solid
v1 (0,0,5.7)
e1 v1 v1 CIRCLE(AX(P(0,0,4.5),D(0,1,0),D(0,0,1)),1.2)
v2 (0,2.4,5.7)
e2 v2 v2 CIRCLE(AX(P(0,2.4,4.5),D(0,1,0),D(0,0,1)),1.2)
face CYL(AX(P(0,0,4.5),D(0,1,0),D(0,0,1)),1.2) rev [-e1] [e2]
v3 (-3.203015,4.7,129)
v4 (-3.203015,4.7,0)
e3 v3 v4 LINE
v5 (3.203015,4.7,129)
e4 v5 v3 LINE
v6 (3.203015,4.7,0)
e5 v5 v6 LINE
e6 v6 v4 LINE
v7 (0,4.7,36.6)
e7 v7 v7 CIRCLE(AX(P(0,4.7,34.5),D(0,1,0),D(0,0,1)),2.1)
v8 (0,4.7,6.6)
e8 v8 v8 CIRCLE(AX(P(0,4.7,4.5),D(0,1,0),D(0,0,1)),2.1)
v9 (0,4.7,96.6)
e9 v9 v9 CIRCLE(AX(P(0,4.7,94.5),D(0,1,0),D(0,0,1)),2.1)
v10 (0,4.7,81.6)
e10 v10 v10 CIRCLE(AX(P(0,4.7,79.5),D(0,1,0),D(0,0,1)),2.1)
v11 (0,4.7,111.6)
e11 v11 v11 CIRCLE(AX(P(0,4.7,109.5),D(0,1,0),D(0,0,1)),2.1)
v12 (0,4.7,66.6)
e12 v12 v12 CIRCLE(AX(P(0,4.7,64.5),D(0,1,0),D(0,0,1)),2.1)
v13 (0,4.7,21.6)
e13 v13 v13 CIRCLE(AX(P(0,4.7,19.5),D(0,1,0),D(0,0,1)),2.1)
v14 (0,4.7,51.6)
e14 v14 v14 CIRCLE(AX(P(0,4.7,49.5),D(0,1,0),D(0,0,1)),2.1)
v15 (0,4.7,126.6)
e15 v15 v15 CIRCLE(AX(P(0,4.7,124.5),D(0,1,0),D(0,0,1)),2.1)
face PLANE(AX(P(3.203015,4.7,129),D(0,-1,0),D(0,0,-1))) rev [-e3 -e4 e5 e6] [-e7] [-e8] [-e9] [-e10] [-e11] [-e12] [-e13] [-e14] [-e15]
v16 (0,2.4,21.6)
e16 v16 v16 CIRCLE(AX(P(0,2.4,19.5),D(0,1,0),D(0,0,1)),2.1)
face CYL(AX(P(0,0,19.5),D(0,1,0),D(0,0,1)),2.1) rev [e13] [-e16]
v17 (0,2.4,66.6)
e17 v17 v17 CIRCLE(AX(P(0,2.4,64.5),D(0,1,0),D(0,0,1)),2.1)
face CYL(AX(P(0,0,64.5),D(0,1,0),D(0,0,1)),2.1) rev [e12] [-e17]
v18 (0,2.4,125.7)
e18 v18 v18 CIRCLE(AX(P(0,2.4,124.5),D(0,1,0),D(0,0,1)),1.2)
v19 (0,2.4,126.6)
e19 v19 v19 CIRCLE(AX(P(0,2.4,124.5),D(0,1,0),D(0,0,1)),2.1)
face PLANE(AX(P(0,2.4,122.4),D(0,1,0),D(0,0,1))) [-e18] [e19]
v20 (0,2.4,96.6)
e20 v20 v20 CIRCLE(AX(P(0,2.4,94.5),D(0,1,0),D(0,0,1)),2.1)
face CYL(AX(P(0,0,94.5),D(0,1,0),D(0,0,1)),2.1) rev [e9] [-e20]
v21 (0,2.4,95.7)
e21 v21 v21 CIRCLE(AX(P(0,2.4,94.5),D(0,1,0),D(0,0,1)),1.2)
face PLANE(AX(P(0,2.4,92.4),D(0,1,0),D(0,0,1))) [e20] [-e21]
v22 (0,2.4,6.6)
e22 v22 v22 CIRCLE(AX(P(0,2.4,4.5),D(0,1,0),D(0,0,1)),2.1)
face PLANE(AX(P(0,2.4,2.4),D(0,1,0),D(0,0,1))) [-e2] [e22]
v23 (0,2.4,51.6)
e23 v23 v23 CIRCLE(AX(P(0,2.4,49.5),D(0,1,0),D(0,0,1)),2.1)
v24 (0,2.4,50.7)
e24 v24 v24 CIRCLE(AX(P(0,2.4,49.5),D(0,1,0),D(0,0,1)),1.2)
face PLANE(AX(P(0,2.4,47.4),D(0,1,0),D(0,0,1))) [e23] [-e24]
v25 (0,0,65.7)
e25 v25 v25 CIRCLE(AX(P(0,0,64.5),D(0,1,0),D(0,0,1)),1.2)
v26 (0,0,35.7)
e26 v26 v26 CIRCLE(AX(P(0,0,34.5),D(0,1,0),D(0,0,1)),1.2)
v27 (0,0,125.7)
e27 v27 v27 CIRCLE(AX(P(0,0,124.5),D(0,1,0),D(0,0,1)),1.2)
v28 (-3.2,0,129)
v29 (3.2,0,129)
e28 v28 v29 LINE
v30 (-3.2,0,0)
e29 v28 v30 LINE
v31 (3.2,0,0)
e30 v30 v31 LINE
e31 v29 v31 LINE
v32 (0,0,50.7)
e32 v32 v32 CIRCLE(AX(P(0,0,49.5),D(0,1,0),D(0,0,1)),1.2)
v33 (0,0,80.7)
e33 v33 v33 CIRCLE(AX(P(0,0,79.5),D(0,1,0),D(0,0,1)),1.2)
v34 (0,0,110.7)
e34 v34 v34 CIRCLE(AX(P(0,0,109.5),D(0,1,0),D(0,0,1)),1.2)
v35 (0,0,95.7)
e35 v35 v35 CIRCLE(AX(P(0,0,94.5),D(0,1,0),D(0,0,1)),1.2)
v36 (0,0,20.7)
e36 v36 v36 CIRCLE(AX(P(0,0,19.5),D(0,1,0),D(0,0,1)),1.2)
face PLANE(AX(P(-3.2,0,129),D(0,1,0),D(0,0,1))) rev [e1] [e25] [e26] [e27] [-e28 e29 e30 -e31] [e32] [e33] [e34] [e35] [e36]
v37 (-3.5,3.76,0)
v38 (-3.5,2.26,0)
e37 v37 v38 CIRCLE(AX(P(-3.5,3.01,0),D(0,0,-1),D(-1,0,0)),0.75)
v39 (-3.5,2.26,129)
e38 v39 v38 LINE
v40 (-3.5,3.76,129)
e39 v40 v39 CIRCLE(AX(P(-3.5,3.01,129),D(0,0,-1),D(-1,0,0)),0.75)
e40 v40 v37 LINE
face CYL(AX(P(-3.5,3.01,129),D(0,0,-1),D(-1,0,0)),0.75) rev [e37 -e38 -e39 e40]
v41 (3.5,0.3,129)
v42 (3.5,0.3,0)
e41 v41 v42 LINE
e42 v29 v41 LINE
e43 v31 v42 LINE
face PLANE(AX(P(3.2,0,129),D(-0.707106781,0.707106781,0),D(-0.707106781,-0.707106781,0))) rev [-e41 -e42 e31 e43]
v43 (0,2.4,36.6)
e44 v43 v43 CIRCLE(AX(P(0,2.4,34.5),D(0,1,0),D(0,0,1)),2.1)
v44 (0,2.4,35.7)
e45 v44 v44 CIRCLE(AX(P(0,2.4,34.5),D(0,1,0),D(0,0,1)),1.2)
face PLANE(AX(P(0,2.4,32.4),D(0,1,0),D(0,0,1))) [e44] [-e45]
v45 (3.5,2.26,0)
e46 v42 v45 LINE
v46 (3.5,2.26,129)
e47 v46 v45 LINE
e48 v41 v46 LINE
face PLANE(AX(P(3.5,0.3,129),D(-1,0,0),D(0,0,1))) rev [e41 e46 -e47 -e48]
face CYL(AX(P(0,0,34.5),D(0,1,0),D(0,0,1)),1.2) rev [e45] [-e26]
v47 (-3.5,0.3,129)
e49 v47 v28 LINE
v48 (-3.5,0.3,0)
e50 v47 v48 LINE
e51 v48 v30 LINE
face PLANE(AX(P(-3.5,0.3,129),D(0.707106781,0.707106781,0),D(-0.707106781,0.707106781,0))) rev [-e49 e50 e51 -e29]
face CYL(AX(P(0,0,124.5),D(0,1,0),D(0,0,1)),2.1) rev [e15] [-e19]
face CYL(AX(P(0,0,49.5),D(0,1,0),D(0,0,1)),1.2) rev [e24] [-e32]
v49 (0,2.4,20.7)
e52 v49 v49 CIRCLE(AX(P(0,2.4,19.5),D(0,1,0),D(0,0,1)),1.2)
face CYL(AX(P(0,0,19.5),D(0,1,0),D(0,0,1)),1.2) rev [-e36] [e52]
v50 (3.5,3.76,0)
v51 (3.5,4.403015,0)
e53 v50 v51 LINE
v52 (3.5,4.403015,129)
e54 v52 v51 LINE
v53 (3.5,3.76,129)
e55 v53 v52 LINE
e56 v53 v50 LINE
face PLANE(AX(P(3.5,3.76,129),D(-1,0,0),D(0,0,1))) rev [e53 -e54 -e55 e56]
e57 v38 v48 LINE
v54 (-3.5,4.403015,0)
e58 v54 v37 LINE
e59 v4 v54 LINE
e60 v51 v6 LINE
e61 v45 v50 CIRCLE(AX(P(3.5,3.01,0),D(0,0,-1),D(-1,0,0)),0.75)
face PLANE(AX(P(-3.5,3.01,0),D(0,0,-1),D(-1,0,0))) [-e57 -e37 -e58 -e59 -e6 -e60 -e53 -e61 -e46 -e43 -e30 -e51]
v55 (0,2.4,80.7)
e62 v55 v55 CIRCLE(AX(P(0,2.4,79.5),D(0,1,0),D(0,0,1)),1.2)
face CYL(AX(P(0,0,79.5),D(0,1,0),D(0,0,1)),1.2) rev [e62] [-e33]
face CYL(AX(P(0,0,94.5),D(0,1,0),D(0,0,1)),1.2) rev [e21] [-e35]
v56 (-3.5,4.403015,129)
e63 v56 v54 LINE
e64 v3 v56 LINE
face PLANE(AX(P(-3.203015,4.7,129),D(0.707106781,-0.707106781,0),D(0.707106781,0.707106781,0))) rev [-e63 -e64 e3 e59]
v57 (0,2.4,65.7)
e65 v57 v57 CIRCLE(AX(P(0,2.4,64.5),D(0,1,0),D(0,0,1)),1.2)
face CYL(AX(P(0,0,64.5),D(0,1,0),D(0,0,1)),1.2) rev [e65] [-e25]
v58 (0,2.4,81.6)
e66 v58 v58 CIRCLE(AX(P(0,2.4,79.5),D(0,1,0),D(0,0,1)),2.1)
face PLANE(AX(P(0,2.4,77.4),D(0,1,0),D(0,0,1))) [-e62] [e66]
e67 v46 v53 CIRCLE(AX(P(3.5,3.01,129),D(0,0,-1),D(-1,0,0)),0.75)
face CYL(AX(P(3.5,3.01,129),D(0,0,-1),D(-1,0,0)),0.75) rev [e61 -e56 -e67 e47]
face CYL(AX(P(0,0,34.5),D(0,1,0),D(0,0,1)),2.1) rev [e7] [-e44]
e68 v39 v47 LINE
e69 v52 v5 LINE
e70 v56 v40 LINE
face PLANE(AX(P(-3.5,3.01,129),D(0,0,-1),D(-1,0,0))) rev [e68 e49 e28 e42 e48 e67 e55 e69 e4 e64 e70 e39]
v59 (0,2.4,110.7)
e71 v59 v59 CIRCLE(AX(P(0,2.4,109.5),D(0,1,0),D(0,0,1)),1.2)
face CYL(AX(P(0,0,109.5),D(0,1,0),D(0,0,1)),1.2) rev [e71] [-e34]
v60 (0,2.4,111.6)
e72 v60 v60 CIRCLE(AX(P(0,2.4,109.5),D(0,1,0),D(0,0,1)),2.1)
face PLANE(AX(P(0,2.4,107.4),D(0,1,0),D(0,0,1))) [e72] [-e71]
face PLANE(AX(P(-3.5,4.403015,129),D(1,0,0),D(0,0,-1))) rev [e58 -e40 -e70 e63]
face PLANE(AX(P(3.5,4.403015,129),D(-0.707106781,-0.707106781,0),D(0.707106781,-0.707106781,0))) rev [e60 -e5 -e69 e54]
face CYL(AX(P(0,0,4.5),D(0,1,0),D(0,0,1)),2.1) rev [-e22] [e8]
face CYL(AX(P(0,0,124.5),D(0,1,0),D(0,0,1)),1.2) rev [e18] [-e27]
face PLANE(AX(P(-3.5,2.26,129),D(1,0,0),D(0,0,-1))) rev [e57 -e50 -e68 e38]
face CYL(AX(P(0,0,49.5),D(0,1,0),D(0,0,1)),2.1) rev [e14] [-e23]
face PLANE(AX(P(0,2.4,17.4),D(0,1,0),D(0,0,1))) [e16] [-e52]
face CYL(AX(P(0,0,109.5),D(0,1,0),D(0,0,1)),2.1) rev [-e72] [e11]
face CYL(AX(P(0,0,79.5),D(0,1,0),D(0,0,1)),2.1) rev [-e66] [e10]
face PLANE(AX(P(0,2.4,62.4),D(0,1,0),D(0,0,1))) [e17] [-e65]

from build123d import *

# Parameters (mm, degrees)
BOSS_EXTRUDE1_DEPTH = 129


with BuildPart() as part:
    # Sketch1 → Boss-Extrude1 (new body)
    with BuildSketch(Plane.XY):
        with BuildLine():
            Line((-3.5, 4.403015152), (-3.5, 3.76))
            ThreePointArc((-3.5, 3.76), (-2.75, 3.01), (-3.5, 2.26))
            Line((-3.5, 2.26), (-3.5, 0.3))
            Line((-3.5, 0.3), (-3.2, 0))
            Line((-3.2, 0), (3.2, 0))
            Line((3.2, 0), (3.5, 0.3))
            Line((3.5, 0.3), (3.5, 2.26))
            ThreePointArc((3.5, 2.26), (2.75, 3.01), (3.5, 3.76))
            Line((3.5, 3.76), (3.5, 4.403015152))
            Line((3.5, 4.403015152), (3.203015152, 4.7))
            Line((3.203015152, 4.7), (-3.203015152, 4.7))
            Line((-3.203015152, 4.7), (-3.5, 4.403015152))
        make_face()
    extrude(amount=BOSS_EXTRUDE1_DEPTH)

    # Sketch2 → Cut-Revolve1 (revolve, cut)
    with BuildSketch(Plane(origin=(0, 0, 0), x_dir=(0, 0, -1), z_dir=(1, 0, 0)), mode=Mode.PRIVATE) as cut_revolve1_sk:
        Polygon((-4.5, 4.7), (-2.4, 4.7), (-2.4, 2.4), (-3.3, 2.4), (-3.3, 0), (-4.5, 0), align=None)
    revolve(cut_revolve1_sk.sketch.rotate(Axis((0, 0, 4.5), (0, 1, 0)), 180), axis=Axis((0, 0, 4.5), (0, 1, 0)), mode=Mode.SUBTRACT)

    # Sketch3 → Cut-Revolve2 (revolve, cut)
    with BuildSketch(Plane(origin=(0, 0, 0), x_dir=(0, 0, -1), z_dir=(1, 0, 0)), mode=Mode.PRIVATE) as cut_revolve2_sk:
        Polygon((-124.5, 4.7), (-122.4, 4.7), (-122.4, 2.4), (-123.3, 2.4), (-123.3, 0), (-124.5, 0), align=None)
    revolve(cut_revolve2_sk.sketch.rotate(Axis((0, 0, 124.5), (0, 1, 0)), 180), axis=Axis((0, 0, 124.5), (0, 1, 0)), mode=Mode.SUBTRACT)

    # Sketch4 → Cut-Revolve3 (revolve, cut)
    with BuildSketch(Plane(origin=(0, 0, 0), x_dir=(0, 0, -1), z_dir=(1, 0, 0)), mode=Mode.PRIVATE) as cut_revolve3_sk:
        Polygon((-109.5, 4.7), (-107.4, 4.7), (-107.4, 2.4), (-108.3, 2.4), (-108.3, 0), (-109.5, 0), align=None)
    revolve(cut_revolve3_sk.sketch.rotate(Axis((0, 0, 109.5), (0, 1, 0)), 180), axis=Axis((0, 0, 109.5), (0, 1, 0)), mode=Mode.SUBTRACT)

    # Sketch5 → Cut-Revolve4 (revolve, cut)
    with BuildSketch(Plane(origin=(0, 0, 0), x_dir=(0, 0, -1), z_dir=(1, 0, 0)), mode=Mode.PRIVATE) as cut_revolve4_sk:
        Polygon((-94.5, 4.7), (-92.4, 4.7), (-92.4, 2.4), (-93.3, 2.4), (-93.3, 0), (-94.5, 0), align=None)
    revolve(cut_revolve4_sk.sketch.rotate(Axis((0, 0, 94.5), (0, 1, 0)), 180), axis=Axis((0, 0, 94.5), (0, 1, 0)), mode=Mode.SUBTRACT)

    # Sketch6 → Cut-Revolve5 (revolve, cut)
    with BuildSketch(Plane(origin=(0, 0, 0), x_dir=(0, 0, -1), z_dir=(1, 0, 0)), mode=Mode.PRIVATE) as cut_revolve5_sk:
        Polygon((-79.5, 4.7), (-77.4, 4.7), (-77.4, 2.4), (-78.3, 2.4), (-78.3, 0), (-79.5, 0), align=None)
    revolve(cut_revolve5_sk.sketch.rotate(Axis((0, 0, 79.5), (0, 1, 0)), 180), axis=Axis((0, 0, 79.5), (0, 1, 0)), mode=Mode.SUBTRACT)

    # Sketch7 → Cut-Revolve6 (revolve, cut)
    with BuildSketch(Plane(origin=(0, 0, 0), x_dir=(0, 0, -1), z_dir=(1, 0, 0)), mode=Mode.PRIVATE) as cut_revolve6_sk:
        Polygon((-64.5, 4.7), (-62.4, 4.7), (-62.4, 2.4), (-63.3, 2.4), (-63.3, 0), (-64.5, 0), align=None)
    revolve(cut_revolve6_sk.sketch.rotate(Axis((0, 0, 64.5), (0, 1, 0)), 180), axis=Axis((0, 0, 64.5), (0, 1, 0)), mode=Mode.SUBTRACT)

    # Sketch8 → Cut-Revolve7 (revolve, cut)
    with BuildSketch(Plane(origin=(0, 0, 0), x_dir=(0, 0, -1), z_dir=(1, 0, 0)), mode=Mode.PRIVATE) as cut_revolve7_sk:
        Polygon((-49.5, 4.7), (-47.4, 4.7), (-47.4, 2.4), (-48.3, 2.4), (-48.3, 0), (-49.5, 0), align=None)
    revolve(cut_revolve7_sk.sketch.rotate(Axis((0, 0, 49.5), (0, 1, 0)), 180), axis=Axis((0, 0, 49.5), (0, 1, 0)), mode=Mode.SUBTRACT)

    # Sketch9 → Cut-Revolve8 (revolve, cut)
    with BuildSketch(Plane(origin=(0, 0, 0), x_dir=(0, 0, -1), z_dir=(1, 0, 0)), mode=Mode.PRIVATE) as cut_revolve8_sk:
        Polygon((-34.5, 4.7), (-32.4, 4.7), (-32.4, 2.4), (-33.3, 2.4), (-33.3, 0), (-34.5, 0), align=None)
    revolve(cut_revolve8_sk.sketch.rotate(Axis((0, 0, 34.5), (0, 1, 0)), 180), axis=Axis((0, 0, 34.5), (0, 1, 0)), mode=Mode.SUBTRACT)

    # Sketch10 → Cut-Revolve9 (revolve, cut)
    with BuildSketch(Plane(origin=(0, 0, 0), x_dir=(0, 0, -1), z_dir=(1, 0, 0)), mode=Mode.PRIVATE) as cut_revolve9_sk:
        Polygon((-19.5, 4.7), (-17.4, 4.7), (-17.4, 2.4), (-18.3, 2.4), (-18.3, 0), (-19.5, 0), align=None)
    revolve(cut_revolve9_sk.sketch.rotate(Axis((0, 0, 19.5), (0, 1, 0)), 180), axis=Axis((0, 0, 19.5), (0, 1, 0)), mode=Mode.SUBTRACT)


solid = part.part
